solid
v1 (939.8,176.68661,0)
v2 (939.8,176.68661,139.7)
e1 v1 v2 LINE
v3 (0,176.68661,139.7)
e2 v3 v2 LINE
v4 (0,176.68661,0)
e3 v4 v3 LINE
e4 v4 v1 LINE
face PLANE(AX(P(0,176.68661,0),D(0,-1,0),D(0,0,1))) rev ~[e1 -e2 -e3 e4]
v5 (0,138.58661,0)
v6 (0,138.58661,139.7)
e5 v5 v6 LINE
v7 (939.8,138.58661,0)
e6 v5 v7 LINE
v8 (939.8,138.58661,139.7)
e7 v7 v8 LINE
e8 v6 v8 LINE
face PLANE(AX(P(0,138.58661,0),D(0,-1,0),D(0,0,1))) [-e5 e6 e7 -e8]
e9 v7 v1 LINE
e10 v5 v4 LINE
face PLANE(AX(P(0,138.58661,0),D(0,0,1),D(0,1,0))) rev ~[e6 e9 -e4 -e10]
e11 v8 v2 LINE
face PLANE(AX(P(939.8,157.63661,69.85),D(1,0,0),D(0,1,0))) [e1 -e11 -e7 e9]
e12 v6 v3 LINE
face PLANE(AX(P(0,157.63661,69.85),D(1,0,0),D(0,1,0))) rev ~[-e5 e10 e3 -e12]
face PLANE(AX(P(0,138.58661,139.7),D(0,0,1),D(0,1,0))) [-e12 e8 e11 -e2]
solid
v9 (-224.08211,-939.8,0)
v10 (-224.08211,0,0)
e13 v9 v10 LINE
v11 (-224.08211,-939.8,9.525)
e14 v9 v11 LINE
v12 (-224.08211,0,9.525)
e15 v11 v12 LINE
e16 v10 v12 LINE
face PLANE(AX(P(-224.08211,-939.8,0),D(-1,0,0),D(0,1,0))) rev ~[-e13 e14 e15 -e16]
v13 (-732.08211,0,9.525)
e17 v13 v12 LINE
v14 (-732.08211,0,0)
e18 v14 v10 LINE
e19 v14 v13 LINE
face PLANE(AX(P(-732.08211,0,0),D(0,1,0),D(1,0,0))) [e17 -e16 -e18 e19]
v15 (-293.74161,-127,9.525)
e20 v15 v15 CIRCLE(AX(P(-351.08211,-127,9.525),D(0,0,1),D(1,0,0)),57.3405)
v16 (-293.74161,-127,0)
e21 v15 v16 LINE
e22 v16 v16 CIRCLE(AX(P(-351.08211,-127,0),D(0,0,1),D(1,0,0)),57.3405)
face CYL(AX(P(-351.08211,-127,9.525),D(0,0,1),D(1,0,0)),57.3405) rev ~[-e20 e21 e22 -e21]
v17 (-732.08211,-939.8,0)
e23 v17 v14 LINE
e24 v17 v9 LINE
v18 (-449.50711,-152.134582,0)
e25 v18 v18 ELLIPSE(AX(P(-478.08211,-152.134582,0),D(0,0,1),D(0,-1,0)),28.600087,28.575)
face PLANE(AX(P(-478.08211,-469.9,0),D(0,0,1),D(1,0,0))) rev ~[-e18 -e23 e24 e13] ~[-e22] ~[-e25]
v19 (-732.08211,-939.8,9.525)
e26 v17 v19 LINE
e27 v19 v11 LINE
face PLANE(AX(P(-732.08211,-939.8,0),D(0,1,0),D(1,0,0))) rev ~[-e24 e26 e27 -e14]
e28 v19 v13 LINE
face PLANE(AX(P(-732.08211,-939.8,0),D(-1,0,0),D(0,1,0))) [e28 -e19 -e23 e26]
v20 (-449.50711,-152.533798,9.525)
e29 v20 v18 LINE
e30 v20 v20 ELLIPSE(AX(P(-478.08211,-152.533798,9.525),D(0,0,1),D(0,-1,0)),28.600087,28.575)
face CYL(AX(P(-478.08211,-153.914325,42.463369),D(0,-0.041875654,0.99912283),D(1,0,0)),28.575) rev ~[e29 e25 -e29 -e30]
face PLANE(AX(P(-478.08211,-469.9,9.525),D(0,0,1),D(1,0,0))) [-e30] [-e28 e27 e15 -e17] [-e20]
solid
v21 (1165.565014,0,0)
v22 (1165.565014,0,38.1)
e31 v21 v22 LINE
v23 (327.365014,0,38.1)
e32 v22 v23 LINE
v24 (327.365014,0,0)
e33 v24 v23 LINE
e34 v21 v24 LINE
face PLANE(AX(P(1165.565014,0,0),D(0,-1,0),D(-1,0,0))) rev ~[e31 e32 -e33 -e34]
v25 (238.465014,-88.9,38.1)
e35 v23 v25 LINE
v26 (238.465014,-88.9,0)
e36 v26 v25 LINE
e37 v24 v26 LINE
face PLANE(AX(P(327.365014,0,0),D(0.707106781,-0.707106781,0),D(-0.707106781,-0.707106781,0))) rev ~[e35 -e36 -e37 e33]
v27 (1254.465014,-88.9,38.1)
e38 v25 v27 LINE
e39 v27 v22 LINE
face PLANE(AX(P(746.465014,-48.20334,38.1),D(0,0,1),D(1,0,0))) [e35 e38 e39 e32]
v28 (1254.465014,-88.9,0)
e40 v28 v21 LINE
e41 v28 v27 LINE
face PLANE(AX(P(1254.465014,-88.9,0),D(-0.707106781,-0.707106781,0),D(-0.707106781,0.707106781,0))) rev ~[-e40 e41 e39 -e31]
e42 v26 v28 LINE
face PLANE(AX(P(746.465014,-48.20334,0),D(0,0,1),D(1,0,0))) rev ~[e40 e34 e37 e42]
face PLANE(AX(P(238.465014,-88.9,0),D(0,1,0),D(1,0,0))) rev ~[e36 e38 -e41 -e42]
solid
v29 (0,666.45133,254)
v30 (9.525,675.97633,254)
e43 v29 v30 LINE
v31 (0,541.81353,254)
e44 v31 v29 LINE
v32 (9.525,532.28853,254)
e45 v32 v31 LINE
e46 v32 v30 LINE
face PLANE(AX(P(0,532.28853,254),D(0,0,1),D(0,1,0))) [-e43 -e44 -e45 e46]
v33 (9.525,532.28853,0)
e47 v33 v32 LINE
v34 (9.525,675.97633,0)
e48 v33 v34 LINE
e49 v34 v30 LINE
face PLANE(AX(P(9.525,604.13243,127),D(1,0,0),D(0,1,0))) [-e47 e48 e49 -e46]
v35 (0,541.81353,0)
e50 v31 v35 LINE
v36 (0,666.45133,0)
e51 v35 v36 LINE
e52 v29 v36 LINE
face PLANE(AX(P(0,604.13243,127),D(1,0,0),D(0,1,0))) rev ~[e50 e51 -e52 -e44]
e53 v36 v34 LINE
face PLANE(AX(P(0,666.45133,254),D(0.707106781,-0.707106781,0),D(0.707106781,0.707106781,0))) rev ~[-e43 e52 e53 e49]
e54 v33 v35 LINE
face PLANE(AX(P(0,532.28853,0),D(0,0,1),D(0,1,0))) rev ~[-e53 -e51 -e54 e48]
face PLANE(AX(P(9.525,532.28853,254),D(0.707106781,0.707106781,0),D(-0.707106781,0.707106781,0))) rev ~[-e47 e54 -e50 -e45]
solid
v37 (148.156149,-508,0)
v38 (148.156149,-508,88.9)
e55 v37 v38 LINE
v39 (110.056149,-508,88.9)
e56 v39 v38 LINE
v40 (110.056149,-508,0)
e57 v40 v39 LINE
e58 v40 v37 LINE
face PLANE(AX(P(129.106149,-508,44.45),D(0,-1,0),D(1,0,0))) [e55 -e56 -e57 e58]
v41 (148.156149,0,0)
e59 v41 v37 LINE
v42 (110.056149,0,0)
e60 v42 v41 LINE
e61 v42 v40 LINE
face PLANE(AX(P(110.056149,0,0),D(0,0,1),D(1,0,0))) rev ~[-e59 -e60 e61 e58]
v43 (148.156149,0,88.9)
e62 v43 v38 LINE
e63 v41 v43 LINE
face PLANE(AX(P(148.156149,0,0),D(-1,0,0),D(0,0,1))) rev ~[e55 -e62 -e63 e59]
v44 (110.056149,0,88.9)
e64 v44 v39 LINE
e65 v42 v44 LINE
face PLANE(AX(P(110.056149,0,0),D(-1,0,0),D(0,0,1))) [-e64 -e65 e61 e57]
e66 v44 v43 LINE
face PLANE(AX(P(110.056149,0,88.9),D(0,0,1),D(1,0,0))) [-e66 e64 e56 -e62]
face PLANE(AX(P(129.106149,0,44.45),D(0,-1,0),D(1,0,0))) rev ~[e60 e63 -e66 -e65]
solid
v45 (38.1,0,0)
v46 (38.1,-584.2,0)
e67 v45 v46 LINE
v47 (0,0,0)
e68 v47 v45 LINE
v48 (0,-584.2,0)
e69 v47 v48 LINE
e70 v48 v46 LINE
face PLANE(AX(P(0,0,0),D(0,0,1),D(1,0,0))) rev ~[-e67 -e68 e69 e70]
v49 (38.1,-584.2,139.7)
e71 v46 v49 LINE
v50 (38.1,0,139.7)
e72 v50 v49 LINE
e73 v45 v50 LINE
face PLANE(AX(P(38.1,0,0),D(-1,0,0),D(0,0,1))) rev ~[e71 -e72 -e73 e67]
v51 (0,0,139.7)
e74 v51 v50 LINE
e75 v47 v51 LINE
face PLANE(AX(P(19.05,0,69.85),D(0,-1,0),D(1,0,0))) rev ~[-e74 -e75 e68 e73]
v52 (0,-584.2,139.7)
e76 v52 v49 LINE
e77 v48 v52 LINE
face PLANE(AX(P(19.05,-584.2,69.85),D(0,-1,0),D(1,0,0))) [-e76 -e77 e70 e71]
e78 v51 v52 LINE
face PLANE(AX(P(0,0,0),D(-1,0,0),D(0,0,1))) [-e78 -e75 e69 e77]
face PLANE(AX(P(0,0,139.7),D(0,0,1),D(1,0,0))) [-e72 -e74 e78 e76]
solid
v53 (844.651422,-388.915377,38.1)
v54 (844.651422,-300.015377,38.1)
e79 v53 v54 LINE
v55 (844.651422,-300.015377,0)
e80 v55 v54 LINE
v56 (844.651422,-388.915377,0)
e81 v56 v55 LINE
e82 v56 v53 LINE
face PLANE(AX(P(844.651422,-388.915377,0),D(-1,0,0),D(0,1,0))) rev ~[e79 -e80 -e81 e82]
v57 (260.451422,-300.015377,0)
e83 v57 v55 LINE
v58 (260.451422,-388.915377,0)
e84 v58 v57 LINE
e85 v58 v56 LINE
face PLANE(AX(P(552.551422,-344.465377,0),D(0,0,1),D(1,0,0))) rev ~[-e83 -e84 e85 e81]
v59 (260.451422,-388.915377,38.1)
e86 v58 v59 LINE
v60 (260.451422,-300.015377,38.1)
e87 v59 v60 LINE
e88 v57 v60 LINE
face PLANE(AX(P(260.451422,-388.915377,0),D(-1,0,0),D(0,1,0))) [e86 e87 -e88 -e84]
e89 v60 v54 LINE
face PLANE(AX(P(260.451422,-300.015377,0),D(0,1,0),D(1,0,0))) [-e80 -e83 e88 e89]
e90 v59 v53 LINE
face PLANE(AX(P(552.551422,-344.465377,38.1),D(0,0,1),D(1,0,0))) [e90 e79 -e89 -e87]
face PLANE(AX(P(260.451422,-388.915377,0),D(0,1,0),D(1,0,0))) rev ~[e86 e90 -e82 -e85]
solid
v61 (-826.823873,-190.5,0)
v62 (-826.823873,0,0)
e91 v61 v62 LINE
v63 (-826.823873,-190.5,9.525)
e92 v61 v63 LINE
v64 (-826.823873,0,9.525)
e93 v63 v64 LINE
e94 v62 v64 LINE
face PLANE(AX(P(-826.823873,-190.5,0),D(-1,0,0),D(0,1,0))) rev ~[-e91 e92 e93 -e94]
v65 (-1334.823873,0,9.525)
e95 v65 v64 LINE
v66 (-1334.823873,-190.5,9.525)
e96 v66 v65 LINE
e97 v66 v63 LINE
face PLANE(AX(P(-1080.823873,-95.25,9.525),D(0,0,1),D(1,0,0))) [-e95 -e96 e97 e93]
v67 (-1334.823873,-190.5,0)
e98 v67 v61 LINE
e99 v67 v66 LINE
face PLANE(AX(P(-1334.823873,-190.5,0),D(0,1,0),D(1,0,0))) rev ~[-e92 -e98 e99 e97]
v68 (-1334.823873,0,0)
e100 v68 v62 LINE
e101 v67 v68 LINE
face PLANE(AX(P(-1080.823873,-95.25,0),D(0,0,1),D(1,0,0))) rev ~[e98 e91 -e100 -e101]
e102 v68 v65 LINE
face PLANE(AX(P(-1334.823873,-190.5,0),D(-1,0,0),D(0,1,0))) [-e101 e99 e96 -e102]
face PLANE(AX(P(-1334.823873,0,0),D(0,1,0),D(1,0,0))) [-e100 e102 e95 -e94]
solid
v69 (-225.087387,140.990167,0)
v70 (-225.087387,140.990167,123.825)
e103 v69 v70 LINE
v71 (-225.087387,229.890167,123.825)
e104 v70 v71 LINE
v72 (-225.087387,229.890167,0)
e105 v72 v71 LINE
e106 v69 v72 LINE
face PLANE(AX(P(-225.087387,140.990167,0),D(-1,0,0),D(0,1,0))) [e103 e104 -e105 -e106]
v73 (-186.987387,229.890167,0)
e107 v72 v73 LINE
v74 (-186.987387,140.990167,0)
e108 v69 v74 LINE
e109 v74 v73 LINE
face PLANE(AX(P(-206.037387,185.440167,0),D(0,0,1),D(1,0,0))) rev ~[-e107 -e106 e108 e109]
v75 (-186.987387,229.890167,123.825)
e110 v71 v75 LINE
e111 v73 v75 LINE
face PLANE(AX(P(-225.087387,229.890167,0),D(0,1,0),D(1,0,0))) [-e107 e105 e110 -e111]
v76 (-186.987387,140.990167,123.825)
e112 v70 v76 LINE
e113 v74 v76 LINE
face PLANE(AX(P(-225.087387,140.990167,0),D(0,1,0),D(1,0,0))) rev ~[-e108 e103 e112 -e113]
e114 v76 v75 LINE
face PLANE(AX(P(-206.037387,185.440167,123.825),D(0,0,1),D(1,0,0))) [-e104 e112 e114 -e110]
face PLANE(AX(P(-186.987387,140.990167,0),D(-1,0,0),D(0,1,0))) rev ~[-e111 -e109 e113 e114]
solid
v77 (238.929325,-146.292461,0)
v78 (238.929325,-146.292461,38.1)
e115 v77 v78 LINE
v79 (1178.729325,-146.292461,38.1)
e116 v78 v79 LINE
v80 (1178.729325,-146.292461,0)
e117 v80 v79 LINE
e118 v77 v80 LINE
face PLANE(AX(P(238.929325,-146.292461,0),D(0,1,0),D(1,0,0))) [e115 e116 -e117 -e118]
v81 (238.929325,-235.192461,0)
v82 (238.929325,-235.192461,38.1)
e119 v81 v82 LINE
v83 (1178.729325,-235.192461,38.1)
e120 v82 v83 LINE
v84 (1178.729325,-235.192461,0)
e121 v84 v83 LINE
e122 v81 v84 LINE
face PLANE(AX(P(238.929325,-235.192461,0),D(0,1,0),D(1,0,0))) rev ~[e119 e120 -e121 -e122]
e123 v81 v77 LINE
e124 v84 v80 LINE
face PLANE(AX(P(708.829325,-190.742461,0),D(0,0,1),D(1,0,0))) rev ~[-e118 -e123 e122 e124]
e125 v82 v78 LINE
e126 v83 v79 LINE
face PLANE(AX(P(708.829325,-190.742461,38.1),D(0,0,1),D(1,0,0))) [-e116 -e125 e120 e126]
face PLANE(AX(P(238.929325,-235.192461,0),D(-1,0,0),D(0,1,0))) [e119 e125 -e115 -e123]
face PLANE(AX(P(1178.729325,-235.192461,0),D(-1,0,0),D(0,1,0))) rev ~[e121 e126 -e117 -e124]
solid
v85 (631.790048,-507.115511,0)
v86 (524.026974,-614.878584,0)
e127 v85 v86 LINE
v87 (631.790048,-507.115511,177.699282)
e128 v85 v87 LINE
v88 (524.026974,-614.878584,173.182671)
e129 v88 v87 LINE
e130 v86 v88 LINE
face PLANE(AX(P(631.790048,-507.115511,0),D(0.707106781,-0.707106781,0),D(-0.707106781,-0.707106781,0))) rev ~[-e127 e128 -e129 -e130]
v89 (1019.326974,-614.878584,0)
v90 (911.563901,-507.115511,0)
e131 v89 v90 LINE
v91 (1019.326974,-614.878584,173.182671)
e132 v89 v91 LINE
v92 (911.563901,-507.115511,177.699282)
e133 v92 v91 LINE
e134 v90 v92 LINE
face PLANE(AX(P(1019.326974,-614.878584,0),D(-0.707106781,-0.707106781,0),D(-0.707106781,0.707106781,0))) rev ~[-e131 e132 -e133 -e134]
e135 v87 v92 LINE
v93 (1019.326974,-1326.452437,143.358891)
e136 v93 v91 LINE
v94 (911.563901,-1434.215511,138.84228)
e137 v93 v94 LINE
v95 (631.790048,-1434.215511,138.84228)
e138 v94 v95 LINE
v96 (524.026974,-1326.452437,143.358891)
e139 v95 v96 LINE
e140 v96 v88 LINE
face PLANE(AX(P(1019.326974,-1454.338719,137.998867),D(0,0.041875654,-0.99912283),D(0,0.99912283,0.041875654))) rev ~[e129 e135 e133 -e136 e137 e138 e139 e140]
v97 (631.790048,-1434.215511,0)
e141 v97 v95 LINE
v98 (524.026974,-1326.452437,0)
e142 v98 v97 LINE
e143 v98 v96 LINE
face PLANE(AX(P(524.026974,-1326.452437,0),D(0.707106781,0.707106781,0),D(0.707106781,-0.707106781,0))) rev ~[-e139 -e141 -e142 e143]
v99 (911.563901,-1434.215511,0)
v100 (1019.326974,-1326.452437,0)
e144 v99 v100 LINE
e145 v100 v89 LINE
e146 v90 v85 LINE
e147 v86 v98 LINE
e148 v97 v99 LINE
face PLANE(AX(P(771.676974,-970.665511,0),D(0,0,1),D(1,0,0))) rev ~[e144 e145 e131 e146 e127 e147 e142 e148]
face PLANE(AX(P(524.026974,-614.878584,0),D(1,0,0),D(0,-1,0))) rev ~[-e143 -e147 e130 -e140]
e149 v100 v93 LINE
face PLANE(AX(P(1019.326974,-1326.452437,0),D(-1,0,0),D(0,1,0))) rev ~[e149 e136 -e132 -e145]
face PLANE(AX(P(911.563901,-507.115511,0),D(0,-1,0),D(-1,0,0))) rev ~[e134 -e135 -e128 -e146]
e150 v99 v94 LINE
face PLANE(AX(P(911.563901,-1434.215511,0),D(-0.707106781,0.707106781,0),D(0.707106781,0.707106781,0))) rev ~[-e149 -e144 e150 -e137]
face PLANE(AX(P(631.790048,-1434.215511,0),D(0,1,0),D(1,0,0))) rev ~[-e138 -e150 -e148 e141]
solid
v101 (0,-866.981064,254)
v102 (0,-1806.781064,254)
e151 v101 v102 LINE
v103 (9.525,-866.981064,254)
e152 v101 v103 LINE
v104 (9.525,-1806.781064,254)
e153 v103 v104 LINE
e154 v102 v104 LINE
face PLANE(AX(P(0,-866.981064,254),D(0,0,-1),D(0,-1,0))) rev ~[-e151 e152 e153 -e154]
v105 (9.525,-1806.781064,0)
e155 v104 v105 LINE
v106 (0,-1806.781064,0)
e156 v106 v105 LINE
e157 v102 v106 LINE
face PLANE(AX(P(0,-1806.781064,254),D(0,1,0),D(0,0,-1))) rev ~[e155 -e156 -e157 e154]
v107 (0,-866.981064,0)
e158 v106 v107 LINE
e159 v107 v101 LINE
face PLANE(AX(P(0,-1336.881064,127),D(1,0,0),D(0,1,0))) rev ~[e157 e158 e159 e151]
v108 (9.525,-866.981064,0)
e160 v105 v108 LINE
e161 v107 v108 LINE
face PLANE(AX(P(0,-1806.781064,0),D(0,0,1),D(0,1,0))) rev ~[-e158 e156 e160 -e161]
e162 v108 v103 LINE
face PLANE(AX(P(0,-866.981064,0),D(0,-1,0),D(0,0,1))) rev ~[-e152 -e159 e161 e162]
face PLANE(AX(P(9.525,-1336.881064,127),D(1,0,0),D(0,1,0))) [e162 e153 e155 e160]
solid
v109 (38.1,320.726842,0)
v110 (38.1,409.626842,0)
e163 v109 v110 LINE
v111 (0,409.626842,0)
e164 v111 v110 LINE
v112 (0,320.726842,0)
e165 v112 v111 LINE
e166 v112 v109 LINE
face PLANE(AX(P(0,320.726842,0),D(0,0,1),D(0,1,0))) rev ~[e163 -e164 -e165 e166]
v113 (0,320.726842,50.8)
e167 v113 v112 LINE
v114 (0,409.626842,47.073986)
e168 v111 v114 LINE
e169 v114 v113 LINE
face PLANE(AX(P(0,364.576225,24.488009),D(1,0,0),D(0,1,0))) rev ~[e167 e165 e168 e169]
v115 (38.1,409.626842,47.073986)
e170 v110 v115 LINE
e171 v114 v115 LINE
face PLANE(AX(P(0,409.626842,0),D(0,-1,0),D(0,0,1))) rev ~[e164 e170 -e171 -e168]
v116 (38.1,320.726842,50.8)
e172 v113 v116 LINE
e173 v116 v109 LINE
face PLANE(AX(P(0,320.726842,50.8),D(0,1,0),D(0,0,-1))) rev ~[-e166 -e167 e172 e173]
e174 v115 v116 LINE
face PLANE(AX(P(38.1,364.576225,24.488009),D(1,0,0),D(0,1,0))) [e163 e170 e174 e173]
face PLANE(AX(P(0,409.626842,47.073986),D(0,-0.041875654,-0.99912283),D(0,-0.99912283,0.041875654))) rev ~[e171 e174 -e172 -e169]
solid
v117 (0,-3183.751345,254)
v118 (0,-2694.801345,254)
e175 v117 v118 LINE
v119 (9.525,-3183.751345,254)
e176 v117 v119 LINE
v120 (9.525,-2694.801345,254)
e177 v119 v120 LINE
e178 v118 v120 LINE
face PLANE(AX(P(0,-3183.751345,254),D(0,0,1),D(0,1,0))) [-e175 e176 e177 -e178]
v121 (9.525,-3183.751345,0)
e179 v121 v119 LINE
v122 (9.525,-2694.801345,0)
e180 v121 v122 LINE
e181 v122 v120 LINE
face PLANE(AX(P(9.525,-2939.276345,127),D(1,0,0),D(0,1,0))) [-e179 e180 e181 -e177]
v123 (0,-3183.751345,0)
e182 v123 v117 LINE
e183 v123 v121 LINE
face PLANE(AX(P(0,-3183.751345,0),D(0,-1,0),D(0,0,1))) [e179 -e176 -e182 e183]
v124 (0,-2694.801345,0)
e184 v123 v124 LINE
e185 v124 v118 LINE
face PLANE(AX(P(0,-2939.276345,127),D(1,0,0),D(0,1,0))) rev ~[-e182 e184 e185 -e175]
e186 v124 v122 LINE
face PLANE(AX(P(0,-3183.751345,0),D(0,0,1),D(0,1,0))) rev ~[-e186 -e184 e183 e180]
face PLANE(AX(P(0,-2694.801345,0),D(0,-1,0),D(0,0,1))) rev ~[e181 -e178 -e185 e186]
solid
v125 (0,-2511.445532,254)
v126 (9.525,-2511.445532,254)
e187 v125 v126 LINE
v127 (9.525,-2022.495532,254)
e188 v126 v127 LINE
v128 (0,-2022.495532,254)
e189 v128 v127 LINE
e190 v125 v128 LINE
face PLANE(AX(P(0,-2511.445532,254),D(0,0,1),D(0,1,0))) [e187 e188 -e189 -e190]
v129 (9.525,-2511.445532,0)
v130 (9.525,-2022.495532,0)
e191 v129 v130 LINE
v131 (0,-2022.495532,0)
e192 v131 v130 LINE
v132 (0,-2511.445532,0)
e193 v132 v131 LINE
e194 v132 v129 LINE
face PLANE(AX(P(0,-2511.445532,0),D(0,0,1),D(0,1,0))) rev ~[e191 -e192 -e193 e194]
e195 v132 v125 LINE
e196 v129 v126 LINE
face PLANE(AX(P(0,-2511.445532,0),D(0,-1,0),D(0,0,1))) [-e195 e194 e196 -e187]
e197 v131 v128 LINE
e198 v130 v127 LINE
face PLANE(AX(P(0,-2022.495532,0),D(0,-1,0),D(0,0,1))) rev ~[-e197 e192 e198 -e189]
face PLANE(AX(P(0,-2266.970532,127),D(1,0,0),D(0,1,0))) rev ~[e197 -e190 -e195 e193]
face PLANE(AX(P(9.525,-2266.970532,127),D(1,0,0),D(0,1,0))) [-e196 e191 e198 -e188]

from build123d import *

# Parameters (mm, degrees)
F0_W      = 38.1
F0_H      = 139.7
F1_DEPTH  = 584.2
F2_W      = 38.1
F2_H      = 139.7
F3_DEPTH  = 939.8
F4_W      = 38.1
F4_H      = 88.9
F5_DEPTH  = 508
F6_W      = 508
F6_H      = 939.8
F7_DEPTH  = 9.525
F8_W      = 508
F8_H      = 190.5
F9_DEPTH  = 9.525
F11_DEPTH = 9.525
F12_W     = 488.95
F12_H     = 254
F13_DEPTH = 9.525
F14_W     = 488.95
F14_H     = 254
F15_DEPTH = 9.525
F17_DEPTH = 38.1
F18_W     = 939.8
F18_H     = 88.9
F19_DEPTH = 38.1
F20_W     = 584.2
F20_H     = 88.9
F21_DEPTH = 38.1
F22_W     = 38.1
F22_H     = 88.9
F23_DEPTH = 123.825
F25_DEPTH = 38.1
F26_W     = 143.6878
F26_H     = 254
F27_DEPTH = 9.525
F29_DEPTH = 254
F31_R     = 28.575
F32_DEPTH = 76.2
F33_R     = 57.3405
F34_DEPTH = 25.4
F36_DEPTH = 177.8
F38_DEPTH = 508


with BuildPart() as f1:
    # F0 (on Front) → F1 (new body)
    with BuildSketch(Plane.XZ):
        with Locations((19.05, 69.85)):
            Rectangle(F0_W, F0_H)
    extrude(amount=F1_DEPTH)


with BuildPart() as f3:
    # F2 (on Right) → F3 (new body)
    with BuildSketch(Plane.YZ):
        with Locations((157.6366101078, 69.85)):
            Rectangle(F2_W, F2_H)
    extrude(amount=F3_DEPTH)


with BuildPart() as f5:
    # F4 (on Front) → F5 (new body)
    with BuildSketch(Plane.XZ):
        with Locations((129.1061491343, 44.45)):
            Rectangle(F4_W, F4_H)
    extrude(amount=F5_DEPTH)


with BuildPart() as f7:
    # F6 (on Top) → F7 (new body)
    with BuildSketch(Plane.XY):
        with Locations((-478.0821103561, -469.9)):
            Rectangle(F6_W, F6_H)
    extrude(amount=F7_DEPTH)

    # F31 (on face) → F32 (cut)
    with BuildSketch(Plane(origin=(0, -2.0465211675, 48.828515824), x_dir=(1, 0, 0), z_dir=(0, -0.0418756537, 0.9991228301))):
        with Locations((-478.0821103561, -152.0011343982)):
            Circle(F31_R)
    extrude(amount=-F32_DEPTH, mode=Mode.SUBTRACT)

    # F33 (on face) → F34 (cut)
    with BuildSketch(Plane.XY.offset(9.525)):
        with Locations((-351.0821103561, -127)):
            Circle(F33_R)
    extrude(amount=-F34_DEPTH, mode=Mode.SUBTRACT)


with BuildPart() as f9:
    # F8 (on Top) → F9 (new body)
    with BuildSketch(Plane.XY):
        with Locations((-1080.8238734909, -95.25)):
            Rectangle(F8_W, F8_H)
    extrude(amount=F9_DEPTH)


with BuildPart() as f11:
    # F10 (on Right) → F11 (new body)
    with BuildSketch(Plane.YZ):
        Polygon((-1616.2810644211, 0), (-866.9810644211, 0), (-866.9810644211, 254), (-1806.7810644211, 254), (-1806.7810644211, 0), align=None)
    extrude(amount=F11_DEPTH)


with BuildPart() as f13:
    # F12 (on Right) → F13 (new body)
    with BuildSketch(Plane.YZ):
        with Locations((-2266.9705320059, 127)):
            Rectangle(F12_W, F12_H)
    extrude(amount=F13_DEPTH)


with BuildPart() as f15:
    # F14 (on Right) → F15 (new body)
    with BuildSketch(Plane.YZ):
        with Locations((-2939.2763446808, 127)):
            Rectangle(F14_W, F14_H)
    extrude(amount=F15_DEPTH)


with BuildPart() as f17:
    # F16 (on Top) → F17 (new body)
    with BuildSketch(Plane.XY):
        Polygon((1165.5650138855, 0), (327.3650138855, 0), (238.4650138855, -88.9), (1254.4650138855, -88.9), align=None)
    extrude(amount=F17_DEPTH)


with BuildPart() as f19:
    # F18 (on Top) → F19 (new body)
    with BuildSketch(Plane.XY):
        with Locations((708.8293251634, -190.7424614228)):
            Rectangle(F18_W, F18_H)
    extrude(amount=F19_DEPTH)


with BuildPart() as f21:
    # F20 (on Top) → F21 (new body)
    with BuildSketch(Plane.XY):
        with Locations((552.5514217973, -344.4653765084)):
            Rectangle(F20_W, F20_H)
    extrude(amount=F21_DEPTH)


with BuildPart() as f23:
    # F22 (on Top) → F23 (new body)
    with BuildSketch(Plane.XY):
        with Locations((-206.0373872519, 185.4401671906)):
            Rectangle(F22_W, F22_H)
    extrude(amount=F23_DEPTH)


with BuildPart() as f25:
    # F24 (on Right) → F25 (new body)
    with BuildSketch(Plane.YZ):
        Polygon((320.7268421526, 50.8), (320.7268421526, 0), (409.6268421526, 0), (409.6268421526, 47.0739860362), align=None)
    extrude(amount=F25_DEPTH)


with BuildPart() as f27:
    # F26 (on Right) → F27 (new body)
    with BuildSketch(Plane.YZ):
        with Locations((604.1324300841, 127)):
            Rectangle(F26_W, F26_H)
    extrude(amount=F27_DEPTH)

    # F28 (on face) → F29 (cut)
    with BuildSketch(Plane.XY.offset(254)):
        Polygon((0, 666.4513300841), (9.525, 675.9763300841), (0, 675.9763300841), align=None)
        Polygon((0, 532.2885300841), (9.525, 532.2885300841), (0, 541.8135300841), align=None)
    extrude(amount=-F29_DEPTH, mode=Mode.SUBTRACT)


with BuildPart() as f36:
    # F35 (on Top) → F36 (new body)
    with BuildSketch(Plane.XY):
        Polygon((1019.3269744234, -614.8785839685), (911.5639009706, -507.1155105157), (631.7900478763, -507.1155105157), (524.0269744234, -614.8785839685), (524.0269744234, -1326.4524370629), (631.7900478763, -1434.2155105157), (911.5639009706, -1434.2155105157), (1019.3269744234, -1326.4524370629), align=None)
    extrude(amount=F36_DEPTH)

    # F37 (on face) → F38 (cut)
    with BuildSketch(Plane.YZ.offset(1019.3269744234)):
        Polygon((-504.7124624252, 177.8), (-614.8785839685, 177.8), (-614.8785839685, 173.1826714599), align=None)
        Polygon((-614.8785839685, 173.1826714599), (-614.8785839685, 177.8), (-1326.4524370629, 177.8), (-1326.4524370629, 143.3588906622), align=None)
        Polygon((-1326.4524370629, 143.3588906622), (-1326.4524370629, 177.8), (-1456.6290378571, 177.8), (-1454.3387185189, 137.9988673721), align=None)
    extrude(amount=-F38_DEPTH, mode=Mode.SUBTRACT)


solid = Compound([f1.part, f3.part, f5.part, f7.part, f9.part, f11.part, f13.part, f15.part, f17.part, f19.part, f21.part, f23.part, f25.part, f27.part, f36.part])
